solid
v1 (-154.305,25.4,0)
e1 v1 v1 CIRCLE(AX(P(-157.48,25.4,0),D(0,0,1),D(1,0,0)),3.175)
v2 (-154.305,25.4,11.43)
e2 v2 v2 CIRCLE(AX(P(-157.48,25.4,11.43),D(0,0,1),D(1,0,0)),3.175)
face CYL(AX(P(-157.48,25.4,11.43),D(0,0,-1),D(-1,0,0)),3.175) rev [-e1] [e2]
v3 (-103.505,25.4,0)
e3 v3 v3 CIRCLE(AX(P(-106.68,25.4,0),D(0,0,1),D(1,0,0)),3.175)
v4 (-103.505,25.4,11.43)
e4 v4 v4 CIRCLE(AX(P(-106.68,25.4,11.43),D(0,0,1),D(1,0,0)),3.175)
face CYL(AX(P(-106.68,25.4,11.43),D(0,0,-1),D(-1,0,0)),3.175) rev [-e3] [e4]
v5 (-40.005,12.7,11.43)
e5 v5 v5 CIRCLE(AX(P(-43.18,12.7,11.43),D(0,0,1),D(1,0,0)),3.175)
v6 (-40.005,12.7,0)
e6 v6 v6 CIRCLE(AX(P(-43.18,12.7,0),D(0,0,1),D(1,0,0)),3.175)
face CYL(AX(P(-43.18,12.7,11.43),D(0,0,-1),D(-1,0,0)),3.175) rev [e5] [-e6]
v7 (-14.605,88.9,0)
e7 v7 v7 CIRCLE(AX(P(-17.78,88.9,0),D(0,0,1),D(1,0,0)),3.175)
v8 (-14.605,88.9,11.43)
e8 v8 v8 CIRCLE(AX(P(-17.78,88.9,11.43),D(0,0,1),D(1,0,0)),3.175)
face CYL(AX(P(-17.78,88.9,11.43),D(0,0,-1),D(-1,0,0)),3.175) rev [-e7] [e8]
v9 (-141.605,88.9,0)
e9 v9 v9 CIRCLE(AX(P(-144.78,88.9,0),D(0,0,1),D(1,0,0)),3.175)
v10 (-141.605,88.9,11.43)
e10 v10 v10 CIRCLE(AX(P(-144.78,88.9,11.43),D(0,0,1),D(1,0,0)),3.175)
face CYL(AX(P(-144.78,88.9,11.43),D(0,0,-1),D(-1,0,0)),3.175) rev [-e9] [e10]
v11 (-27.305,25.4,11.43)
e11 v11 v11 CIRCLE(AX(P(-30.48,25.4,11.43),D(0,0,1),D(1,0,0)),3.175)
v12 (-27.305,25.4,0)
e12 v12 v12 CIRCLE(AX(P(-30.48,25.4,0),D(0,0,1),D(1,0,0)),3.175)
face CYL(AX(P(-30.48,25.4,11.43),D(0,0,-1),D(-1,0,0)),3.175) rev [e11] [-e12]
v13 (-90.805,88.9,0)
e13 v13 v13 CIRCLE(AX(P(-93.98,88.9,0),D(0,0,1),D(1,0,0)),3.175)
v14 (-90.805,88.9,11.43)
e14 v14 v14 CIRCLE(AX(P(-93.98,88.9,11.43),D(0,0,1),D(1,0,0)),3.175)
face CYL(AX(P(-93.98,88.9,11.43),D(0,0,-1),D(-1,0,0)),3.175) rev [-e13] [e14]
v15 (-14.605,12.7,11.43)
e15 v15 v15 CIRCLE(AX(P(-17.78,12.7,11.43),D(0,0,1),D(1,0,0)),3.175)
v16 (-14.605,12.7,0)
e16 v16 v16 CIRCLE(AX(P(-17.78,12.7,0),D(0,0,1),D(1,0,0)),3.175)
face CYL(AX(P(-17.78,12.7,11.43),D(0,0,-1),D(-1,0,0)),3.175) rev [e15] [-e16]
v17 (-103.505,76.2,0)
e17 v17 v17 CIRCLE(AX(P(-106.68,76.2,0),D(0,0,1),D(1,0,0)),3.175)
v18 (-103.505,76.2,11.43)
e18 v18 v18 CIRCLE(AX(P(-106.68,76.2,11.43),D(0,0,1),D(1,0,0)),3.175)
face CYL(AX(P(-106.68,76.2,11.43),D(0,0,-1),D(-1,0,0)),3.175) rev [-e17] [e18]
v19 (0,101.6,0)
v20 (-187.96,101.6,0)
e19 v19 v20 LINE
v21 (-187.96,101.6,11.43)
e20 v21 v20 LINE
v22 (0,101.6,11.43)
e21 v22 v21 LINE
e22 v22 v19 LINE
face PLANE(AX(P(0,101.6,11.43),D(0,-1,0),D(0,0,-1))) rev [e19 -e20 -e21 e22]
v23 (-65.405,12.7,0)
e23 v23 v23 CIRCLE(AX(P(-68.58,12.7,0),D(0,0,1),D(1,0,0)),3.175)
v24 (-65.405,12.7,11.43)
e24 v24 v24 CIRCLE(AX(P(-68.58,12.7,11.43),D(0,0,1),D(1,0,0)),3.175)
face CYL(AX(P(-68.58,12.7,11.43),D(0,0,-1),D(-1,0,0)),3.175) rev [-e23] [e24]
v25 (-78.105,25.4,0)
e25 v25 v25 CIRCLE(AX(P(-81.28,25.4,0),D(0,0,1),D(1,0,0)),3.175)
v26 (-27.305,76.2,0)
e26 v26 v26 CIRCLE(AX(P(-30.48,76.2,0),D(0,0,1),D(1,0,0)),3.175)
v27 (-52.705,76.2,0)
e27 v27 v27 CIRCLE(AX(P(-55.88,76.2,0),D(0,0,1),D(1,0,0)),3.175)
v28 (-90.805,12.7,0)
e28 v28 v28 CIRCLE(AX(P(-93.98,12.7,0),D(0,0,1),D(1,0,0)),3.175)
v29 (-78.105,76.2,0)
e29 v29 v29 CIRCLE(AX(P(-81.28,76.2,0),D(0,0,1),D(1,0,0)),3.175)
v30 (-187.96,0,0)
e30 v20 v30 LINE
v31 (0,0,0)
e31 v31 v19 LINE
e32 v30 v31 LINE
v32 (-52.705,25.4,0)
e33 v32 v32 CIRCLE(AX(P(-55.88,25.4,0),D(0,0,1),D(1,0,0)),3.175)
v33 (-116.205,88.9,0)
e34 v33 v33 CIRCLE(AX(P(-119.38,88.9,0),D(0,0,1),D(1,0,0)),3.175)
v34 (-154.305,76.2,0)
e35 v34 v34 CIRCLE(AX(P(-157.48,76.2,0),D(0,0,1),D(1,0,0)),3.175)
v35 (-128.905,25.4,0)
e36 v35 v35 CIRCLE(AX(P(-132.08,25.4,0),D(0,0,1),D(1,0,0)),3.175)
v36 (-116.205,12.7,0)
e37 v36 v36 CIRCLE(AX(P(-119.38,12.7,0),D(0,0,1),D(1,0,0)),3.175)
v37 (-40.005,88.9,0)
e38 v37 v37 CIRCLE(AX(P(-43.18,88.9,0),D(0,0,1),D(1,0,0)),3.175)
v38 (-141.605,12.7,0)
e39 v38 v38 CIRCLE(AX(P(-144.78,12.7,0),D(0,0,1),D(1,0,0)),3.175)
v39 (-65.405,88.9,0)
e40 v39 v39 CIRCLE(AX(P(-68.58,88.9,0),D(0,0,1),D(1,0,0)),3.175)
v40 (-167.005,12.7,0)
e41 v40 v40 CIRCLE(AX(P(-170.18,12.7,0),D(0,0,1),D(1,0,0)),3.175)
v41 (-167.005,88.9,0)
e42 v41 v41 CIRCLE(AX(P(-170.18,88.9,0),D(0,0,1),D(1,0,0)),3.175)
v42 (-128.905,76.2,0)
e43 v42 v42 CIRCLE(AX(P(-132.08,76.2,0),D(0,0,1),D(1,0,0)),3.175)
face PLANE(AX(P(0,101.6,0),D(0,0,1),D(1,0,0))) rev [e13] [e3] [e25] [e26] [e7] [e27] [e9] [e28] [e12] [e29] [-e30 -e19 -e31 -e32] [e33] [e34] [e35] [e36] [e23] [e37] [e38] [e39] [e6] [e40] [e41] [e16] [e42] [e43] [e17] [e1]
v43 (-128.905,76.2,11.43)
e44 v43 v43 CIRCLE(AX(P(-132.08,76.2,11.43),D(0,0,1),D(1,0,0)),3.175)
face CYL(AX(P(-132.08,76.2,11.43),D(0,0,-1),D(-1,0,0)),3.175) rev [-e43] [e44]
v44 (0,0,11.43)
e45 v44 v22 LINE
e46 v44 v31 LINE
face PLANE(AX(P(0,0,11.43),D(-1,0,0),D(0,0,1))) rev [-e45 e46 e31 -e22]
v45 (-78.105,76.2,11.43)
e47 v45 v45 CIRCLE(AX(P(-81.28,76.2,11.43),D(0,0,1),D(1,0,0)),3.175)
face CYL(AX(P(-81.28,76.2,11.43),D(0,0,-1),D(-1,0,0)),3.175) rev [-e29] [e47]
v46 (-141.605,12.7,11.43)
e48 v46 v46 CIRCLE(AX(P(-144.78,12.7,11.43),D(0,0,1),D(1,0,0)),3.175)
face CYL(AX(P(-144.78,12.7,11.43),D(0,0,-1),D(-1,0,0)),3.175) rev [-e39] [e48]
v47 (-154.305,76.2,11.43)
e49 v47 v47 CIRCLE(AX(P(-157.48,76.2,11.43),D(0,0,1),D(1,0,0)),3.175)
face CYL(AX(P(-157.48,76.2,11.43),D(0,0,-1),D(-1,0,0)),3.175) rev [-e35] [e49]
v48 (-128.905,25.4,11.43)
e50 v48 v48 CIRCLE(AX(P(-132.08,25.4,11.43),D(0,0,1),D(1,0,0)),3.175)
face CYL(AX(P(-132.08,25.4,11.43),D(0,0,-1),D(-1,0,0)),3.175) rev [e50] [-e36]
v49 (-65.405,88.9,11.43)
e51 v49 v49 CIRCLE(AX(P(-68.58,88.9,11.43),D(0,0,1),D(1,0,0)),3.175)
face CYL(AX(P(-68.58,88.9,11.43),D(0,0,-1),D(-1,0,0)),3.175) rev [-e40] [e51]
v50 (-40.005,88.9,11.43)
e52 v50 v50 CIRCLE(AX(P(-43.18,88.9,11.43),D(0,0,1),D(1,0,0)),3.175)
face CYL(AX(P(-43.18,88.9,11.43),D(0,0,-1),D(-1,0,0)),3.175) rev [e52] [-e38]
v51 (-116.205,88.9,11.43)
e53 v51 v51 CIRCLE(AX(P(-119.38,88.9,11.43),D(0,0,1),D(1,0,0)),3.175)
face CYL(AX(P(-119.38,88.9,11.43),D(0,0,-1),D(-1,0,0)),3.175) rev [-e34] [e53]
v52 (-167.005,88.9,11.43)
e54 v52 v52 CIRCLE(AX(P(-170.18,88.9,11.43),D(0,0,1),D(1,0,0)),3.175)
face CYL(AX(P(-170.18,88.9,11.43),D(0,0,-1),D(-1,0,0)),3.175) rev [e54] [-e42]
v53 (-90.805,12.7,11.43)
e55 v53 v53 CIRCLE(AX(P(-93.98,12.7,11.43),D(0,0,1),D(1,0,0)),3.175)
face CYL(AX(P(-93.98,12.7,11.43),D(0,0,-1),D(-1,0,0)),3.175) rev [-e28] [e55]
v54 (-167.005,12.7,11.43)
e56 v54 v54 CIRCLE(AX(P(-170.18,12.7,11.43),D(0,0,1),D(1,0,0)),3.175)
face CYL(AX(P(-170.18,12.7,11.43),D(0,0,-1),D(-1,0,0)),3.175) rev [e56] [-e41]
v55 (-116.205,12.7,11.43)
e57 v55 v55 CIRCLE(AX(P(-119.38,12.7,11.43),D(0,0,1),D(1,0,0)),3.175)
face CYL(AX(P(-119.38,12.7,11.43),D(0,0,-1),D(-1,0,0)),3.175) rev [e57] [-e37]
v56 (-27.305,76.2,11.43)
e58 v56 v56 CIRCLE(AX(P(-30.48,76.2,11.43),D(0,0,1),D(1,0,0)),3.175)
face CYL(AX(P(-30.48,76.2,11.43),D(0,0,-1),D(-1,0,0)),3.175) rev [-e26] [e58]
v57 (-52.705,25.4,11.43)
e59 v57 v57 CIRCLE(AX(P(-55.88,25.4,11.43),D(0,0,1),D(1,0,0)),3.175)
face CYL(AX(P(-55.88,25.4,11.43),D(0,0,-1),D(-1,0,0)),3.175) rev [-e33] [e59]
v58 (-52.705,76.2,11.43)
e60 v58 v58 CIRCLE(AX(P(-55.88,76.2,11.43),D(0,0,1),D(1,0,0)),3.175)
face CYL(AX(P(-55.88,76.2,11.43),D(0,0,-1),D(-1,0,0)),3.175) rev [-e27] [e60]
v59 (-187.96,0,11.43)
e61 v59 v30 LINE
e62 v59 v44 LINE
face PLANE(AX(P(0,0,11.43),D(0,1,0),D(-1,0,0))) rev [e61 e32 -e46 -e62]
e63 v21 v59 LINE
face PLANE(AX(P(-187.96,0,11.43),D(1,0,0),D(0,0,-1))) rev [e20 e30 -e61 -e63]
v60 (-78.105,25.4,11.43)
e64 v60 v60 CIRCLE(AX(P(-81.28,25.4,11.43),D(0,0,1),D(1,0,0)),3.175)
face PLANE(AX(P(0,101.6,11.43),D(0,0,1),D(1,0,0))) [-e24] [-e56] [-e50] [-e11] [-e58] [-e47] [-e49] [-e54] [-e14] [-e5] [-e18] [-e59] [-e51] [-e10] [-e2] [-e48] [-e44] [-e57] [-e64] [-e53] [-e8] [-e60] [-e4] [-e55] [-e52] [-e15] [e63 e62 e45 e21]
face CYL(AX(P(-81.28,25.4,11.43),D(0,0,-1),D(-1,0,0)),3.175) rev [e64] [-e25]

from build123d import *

# Parameters (mm, degrees)
SKETCH1_W           = 187.96
SKETCH1_H           = 101.6
SKETCH1_R           = 3.175
BOSS_EXTRUDE1_DEPTH = 11.43


with BuildPart() as part:
    # Sketch1 → Boss-Extrude1 (new body)
    with BuildSketch(Plane.XY):
        with Locations((-93.98, 50.8)):
            Rectangle(SKETCH1_W, SKETCH1_H)
        with Locations((-17.78, 88.9)):
            Circle(SKETCH1_R, mode=Mode.SUBTRACT)
        with Locations((-17.78, 12.7)):
            Circle(SKETCH1_R, mode=Mode.SUBTRACT)
        with Locations((-43.18, 12.7)):
            Circle(SKETCH1_R, mode=Mode.SUBTRACT)
        with Locations((-43.18, 88.9)):
            Circle(SKETCH1_R, mode=Mode.SUBTRACT)
        with Locations((-170.18, 88.9)):
            Circle(SKETCH1_R, mode=Mode.SUBTRACT)
        with Locations((-170.18, 12.7)):
            Circle(SKETCH1_R, mode=Mode.SUBTRACT)
        with Locations((-144.78, 12.7)):
            Circle(SKETCH1_R, mode=Mode.SUBTRACT)
        with Locations((-144.78, 88.9)):
            Circle(SKETCH1_R, mode=Mode.SUBTRACT)
        with Locations((-119.38, 88.9)):
            Circle(SKETCH1_R, mode=Mode.SUBTRACT)
        with Locations((-68.58, 88.9)):
            Circle(SKETCH1_R, mode=Mode.SUBTRACT)
        with Locations((-119.38, 12.7)):
            Circle(SKETCH1_R, mode=Mode.SUBTRACT)
        with Locations((-68.58, 12.7)):
            Circle(SKETCH1_R, mode=Mode.SUBTRACT)
        with Locations((-93.98, 88.9)):
            Circle(SKETCH1_R, mode=Mode.SUBTRACT)
        with Locations((-93.98, 12.7)):
            Circle(SKETCH1_R, mode=Mode.SUBTRACT)
        with Locations((-106.68, 76.2)):
            Circle(SKETCH1_R, mode=Mode.SUBTRACT)
        with Locations((-132.08, 76.2)):
            Circle(SKETCH1_R, mode=Mode.SUBTRACT)
        with Locations((-157.48, 76.2)):
            Circle(SKETCH1_R, mode=Mode.SUBTRACT)
        with Locations((-106.68, 25.4)):
            Circle(SKETCH1_R, mode=Mode.SUBTRACT)
        with Locations((-132.08, 25.4)):
            Circle(SKETCH1_R, mode=Mode.SUBTRACT)
        with Locations((-157.48, 25.4)):
            Circle(SKETCH1_R, mode=Mode.SUBTRACT)
        with Locations((-81.28, 76.2)):
            Circle(SKETCH1_R, mode=Mode.SUBTRACT)
        with Locations((-55.88, 76.2)):
            Circle(SKETCH1_R, mode=Mode.SUBTRACT)
        with Locations((-30.48, 76.2)):
            Circle(SKETCH1_R, mode=Mode.SUBTRACT)
        with Locations((-81.28, 25.4)):
            Circle(SKETCH1_R, mode=Mode.SUBTRACT)
        with Locations((-55.88, 25.4)):
            Circle(SKETCH1_R, mode=Mode.SUBTRACT)
        with Locations((-30.48, 25.4)):
            Circle(SKETCH1_R, mode=Mode.SUBTRACT)
    extrude(amount=BOSS_EXTRUDE1_DEPTH)


solid = part.part
